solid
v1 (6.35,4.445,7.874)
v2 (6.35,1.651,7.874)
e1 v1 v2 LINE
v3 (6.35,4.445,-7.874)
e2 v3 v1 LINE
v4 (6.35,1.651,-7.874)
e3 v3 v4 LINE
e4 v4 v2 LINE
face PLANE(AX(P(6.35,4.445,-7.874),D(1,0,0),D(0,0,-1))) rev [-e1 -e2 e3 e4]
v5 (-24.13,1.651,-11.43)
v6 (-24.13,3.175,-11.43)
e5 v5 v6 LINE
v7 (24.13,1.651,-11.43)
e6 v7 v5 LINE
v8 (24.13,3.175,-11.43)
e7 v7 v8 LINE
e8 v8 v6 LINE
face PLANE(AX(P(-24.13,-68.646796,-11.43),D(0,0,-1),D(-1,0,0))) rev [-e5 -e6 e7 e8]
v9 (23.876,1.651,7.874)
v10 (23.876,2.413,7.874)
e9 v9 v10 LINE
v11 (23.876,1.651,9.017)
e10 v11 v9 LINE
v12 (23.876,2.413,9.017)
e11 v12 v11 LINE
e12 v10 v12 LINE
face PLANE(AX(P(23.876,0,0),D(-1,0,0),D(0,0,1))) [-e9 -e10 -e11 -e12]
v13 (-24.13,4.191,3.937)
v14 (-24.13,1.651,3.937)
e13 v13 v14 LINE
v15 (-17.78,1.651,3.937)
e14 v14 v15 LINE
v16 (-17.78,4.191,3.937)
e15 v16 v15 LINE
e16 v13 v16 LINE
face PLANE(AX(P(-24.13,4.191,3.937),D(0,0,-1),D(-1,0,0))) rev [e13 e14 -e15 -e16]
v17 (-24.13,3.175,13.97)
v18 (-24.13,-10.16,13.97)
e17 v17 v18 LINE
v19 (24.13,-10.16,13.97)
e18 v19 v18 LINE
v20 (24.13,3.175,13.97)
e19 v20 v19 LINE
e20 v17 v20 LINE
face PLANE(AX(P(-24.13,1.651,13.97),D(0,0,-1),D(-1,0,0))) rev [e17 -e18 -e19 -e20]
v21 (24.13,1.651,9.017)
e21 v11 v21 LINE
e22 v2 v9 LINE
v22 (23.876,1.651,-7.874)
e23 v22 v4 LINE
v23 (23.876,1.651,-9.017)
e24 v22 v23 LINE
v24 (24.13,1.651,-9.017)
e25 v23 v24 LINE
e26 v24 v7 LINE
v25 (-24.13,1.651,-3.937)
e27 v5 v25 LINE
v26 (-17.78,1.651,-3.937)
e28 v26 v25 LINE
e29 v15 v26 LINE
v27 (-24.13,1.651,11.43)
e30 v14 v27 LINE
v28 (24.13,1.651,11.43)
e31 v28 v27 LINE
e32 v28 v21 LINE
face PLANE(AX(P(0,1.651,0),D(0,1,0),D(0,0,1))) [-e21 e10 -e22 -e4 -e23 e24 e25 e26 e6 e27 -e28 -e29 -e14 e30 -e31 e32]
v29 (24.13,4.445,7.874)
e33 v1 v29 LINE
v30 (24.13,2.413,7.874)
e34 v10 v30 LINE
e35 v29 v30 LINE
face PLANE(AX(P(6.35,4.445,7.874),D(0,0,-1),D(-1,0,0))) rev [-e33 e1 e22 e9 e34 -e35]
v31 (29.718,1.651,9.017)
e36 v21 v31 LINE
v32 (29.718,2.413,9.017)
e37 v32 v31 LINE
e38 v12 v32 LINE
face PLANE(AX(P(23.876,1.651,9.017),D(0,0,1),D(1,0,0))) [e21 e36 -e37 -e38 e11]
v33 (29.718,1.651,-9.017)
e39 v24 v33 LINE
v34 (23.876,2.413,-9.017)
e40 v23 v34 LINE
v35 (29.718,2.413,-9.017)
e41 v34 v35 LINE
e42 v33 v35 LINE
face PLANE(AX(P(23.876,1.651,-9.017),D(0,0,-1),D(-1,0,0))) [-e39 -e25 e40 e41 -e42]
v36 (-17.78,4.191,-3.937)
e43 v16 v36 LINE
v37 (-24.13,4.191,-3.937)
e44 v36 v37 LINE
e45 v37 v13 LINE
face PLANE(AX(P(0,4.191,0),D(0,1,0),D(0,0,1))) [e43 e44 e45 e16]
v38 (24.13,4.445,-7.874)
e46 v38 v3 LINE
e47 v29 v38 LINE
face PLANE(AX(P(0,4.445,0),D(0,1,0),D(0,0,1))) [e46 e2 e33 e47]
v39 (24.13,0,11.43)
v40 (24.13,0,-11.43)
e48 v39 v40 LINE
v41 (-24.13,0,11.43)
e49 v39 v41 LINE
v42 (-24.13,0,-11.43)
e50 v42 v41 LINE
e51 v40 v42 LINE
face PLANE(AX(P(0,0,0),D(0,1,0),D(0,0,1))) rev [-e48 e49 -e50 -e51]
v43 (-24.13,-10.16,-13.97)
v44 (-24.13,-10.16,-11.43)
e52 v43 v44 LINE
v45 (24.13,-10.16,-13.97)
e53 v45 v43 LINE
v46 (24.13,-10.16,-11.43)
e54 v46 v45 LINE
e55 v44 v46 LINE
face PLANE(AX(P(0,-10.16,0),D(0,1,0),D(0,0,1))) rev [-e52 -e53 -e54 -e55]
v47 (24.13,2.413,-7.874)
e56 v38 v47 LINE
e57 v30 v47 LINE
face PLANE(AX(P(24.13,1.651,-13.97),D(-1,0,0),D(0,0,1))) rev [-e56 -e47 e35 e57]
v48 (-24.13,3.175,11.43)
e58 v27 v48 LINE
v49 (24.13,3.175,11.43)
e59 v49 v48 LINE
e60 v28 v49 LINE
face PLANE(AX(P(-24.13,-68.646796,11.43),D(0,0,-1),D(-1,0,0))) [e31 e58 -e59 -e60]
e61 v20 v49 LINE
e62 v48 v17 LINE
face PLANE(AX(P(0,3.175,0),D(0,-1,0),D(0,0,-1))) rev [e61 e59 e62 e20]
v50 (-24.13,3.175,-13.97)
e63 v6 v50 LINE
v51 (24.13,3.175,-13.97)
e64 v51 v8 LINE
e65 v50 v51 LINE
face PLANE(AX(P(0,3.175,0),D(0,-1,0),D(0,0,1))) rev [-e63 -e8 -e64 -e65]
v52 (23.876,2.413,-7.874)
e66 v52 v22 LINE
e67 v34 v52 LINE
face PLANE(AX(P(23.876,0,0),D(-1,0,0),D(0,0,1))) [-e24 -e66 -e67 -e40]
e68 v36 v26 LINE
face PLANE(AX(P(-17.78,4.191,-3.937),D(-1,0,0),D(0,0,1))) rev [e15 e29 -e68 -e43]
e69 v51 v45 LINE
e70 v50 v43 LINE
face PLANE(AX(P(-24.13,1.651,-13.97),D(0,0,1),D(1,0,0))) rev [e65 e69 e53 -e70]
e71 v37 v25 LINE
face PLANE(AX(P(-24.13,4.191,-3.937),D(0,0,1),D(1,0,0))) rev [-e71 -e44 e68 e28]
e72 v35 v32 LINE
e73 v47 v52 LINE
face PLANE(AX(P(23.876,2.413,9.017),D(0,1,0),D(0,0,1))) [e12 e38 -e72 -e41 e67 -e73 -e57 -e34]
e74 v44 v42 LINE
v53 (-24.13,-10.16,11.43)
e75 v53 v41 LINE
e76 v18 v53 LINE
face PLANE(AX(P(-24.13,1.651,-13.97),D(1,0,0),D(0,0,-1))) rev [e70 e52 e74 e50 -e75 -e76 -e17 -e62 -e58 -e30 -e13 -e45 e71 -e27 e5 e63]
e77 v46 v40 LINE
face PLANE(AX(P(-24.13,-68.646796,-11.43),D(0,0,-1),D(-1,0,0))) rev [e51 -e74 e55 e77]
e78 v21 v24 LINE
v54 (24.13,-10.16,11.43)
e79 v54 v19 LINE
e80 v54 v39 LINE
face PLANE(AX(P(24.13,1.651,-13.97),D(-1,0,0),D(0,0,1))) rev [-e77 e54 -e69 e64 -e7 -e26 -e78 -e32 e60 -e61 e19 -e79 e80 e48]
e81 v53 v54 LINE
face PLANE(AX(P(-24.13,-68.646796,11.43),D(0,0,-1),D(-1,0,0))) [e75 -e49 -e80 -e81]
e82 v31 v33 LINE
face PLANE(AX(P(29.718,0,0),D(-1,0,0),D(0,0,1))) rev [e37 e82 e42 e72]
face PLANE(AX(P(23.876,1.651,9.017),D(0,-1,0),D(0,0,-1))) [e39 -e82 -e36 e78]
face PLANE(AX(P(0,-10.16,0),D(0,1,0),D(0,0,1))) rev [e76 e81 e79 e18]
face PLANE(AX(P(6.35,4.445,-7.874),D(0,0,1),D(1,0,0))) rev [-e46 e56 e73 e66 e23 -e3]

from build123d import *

# Parameters (mm, degrees)
SKETCH1_W                = 48.26
SKETCH1_H                = 27.94
BOSS_EXTRUDE1_DEPTH      = 1.651
BOSS_EXTRUDE2_START      = -11.811
SKETCH2_W                = 48.26
SKETCH2_H                = 2.54
BOSS_EXTRUDE2_DEPTH      = 13.335
SKETCH3_W                = 17.78
SKETCH3_H                = 15.748
BOSS_EXTRUDE3_DEPTH      = 2.794
BOSS_EXTRUDE6_DEPTH      = 5.588
BOSS_EXTRUDE6_DEPTH_BACK = 0.254
SKETCH4_W                = 18.034
SKETCH4_H                = 0.762
SKETCH5_W                = 6.35
SKETCH5_H                = 7.874
BOSS_EXTRUDE7_DEPTH      = 2.54


with BuildPart() as part:
    # Sketch1 → Boss-Extrude1 (new body)
    with BuildSketch(Plane(origin=(0, 0, 0), x_dir=(1, 0, 0), z_dir=(0, 1, 0))):
        Rectangle(SKETCH1_W, SKETCH1_H)
    extrude(amount=BOSS_EXTRUDE1_DEPTH)

    # Sketch2 → Boss-Extrude2 (add)
    with BuildSketch(Plane(origin=(0, 1.651, 0), x_dir=(1, 0, 0), z_dir=(0, 1, 0)).offset(BOSS_EXTRUDE2_START)):
        with Locations((0, -12.7)):
            Rectangle(SKETCH2_W, SKETCH2_H)
    boss_extrude2 = extrude(amount=BOSS_EXTRUDE2_DEPTH)

    # Mirror1: Boss-Extrude2 across plane
    add(boss_extrude2.mirror(Plane.XY))

    # Sketch3 → Boss-Extrude3 (add)
    with BuildSketch(Plane(origin=(0, 1.651, 0), x_dir=(1, 0, 0), z_dir=(0, 1, 0))):
        with Locations((15.24, 0)):
            Rectangle(SKETCH3_W, SKETCH3_H)
    extrude(amount=BOSS_EXTRUDE3_DEPTH)

    # Sketch4 → Boss-Extrude6 (add, two sides: drawn at the far end of the back side and taken through both)
    with BuildSketch(Plane(origin=(24.13, 0, 0), x_dir=(0, 0, -1), z_dir=(1, 0, 0)).offset(-BOSS_EXTRUDE6_DEPTH_BACK)):
        with Locations((0, 2.032)):
            Rectangle(SKETCH4_W, SKETCH4_H)
    extrude(amount=BOSS_EXTRUDE6_DEPTH + BOSS_EXTRUDE6_DEPTH_BACK)

    # Sketch5 → Boss-Extrude7 (add)
    with BuildSketch(Plane(origin=(0, 1.651, 0), x_dir=(1, 0, 0), z_dir=(0, 1, 0))):
        with Locations((-20.955, 0)):
            Rectangle(SKETCH5_W, SKETCH5_H)
    extrude(amount=BOSS_EXTRUDE7_DEPTH)


solid = part.part
